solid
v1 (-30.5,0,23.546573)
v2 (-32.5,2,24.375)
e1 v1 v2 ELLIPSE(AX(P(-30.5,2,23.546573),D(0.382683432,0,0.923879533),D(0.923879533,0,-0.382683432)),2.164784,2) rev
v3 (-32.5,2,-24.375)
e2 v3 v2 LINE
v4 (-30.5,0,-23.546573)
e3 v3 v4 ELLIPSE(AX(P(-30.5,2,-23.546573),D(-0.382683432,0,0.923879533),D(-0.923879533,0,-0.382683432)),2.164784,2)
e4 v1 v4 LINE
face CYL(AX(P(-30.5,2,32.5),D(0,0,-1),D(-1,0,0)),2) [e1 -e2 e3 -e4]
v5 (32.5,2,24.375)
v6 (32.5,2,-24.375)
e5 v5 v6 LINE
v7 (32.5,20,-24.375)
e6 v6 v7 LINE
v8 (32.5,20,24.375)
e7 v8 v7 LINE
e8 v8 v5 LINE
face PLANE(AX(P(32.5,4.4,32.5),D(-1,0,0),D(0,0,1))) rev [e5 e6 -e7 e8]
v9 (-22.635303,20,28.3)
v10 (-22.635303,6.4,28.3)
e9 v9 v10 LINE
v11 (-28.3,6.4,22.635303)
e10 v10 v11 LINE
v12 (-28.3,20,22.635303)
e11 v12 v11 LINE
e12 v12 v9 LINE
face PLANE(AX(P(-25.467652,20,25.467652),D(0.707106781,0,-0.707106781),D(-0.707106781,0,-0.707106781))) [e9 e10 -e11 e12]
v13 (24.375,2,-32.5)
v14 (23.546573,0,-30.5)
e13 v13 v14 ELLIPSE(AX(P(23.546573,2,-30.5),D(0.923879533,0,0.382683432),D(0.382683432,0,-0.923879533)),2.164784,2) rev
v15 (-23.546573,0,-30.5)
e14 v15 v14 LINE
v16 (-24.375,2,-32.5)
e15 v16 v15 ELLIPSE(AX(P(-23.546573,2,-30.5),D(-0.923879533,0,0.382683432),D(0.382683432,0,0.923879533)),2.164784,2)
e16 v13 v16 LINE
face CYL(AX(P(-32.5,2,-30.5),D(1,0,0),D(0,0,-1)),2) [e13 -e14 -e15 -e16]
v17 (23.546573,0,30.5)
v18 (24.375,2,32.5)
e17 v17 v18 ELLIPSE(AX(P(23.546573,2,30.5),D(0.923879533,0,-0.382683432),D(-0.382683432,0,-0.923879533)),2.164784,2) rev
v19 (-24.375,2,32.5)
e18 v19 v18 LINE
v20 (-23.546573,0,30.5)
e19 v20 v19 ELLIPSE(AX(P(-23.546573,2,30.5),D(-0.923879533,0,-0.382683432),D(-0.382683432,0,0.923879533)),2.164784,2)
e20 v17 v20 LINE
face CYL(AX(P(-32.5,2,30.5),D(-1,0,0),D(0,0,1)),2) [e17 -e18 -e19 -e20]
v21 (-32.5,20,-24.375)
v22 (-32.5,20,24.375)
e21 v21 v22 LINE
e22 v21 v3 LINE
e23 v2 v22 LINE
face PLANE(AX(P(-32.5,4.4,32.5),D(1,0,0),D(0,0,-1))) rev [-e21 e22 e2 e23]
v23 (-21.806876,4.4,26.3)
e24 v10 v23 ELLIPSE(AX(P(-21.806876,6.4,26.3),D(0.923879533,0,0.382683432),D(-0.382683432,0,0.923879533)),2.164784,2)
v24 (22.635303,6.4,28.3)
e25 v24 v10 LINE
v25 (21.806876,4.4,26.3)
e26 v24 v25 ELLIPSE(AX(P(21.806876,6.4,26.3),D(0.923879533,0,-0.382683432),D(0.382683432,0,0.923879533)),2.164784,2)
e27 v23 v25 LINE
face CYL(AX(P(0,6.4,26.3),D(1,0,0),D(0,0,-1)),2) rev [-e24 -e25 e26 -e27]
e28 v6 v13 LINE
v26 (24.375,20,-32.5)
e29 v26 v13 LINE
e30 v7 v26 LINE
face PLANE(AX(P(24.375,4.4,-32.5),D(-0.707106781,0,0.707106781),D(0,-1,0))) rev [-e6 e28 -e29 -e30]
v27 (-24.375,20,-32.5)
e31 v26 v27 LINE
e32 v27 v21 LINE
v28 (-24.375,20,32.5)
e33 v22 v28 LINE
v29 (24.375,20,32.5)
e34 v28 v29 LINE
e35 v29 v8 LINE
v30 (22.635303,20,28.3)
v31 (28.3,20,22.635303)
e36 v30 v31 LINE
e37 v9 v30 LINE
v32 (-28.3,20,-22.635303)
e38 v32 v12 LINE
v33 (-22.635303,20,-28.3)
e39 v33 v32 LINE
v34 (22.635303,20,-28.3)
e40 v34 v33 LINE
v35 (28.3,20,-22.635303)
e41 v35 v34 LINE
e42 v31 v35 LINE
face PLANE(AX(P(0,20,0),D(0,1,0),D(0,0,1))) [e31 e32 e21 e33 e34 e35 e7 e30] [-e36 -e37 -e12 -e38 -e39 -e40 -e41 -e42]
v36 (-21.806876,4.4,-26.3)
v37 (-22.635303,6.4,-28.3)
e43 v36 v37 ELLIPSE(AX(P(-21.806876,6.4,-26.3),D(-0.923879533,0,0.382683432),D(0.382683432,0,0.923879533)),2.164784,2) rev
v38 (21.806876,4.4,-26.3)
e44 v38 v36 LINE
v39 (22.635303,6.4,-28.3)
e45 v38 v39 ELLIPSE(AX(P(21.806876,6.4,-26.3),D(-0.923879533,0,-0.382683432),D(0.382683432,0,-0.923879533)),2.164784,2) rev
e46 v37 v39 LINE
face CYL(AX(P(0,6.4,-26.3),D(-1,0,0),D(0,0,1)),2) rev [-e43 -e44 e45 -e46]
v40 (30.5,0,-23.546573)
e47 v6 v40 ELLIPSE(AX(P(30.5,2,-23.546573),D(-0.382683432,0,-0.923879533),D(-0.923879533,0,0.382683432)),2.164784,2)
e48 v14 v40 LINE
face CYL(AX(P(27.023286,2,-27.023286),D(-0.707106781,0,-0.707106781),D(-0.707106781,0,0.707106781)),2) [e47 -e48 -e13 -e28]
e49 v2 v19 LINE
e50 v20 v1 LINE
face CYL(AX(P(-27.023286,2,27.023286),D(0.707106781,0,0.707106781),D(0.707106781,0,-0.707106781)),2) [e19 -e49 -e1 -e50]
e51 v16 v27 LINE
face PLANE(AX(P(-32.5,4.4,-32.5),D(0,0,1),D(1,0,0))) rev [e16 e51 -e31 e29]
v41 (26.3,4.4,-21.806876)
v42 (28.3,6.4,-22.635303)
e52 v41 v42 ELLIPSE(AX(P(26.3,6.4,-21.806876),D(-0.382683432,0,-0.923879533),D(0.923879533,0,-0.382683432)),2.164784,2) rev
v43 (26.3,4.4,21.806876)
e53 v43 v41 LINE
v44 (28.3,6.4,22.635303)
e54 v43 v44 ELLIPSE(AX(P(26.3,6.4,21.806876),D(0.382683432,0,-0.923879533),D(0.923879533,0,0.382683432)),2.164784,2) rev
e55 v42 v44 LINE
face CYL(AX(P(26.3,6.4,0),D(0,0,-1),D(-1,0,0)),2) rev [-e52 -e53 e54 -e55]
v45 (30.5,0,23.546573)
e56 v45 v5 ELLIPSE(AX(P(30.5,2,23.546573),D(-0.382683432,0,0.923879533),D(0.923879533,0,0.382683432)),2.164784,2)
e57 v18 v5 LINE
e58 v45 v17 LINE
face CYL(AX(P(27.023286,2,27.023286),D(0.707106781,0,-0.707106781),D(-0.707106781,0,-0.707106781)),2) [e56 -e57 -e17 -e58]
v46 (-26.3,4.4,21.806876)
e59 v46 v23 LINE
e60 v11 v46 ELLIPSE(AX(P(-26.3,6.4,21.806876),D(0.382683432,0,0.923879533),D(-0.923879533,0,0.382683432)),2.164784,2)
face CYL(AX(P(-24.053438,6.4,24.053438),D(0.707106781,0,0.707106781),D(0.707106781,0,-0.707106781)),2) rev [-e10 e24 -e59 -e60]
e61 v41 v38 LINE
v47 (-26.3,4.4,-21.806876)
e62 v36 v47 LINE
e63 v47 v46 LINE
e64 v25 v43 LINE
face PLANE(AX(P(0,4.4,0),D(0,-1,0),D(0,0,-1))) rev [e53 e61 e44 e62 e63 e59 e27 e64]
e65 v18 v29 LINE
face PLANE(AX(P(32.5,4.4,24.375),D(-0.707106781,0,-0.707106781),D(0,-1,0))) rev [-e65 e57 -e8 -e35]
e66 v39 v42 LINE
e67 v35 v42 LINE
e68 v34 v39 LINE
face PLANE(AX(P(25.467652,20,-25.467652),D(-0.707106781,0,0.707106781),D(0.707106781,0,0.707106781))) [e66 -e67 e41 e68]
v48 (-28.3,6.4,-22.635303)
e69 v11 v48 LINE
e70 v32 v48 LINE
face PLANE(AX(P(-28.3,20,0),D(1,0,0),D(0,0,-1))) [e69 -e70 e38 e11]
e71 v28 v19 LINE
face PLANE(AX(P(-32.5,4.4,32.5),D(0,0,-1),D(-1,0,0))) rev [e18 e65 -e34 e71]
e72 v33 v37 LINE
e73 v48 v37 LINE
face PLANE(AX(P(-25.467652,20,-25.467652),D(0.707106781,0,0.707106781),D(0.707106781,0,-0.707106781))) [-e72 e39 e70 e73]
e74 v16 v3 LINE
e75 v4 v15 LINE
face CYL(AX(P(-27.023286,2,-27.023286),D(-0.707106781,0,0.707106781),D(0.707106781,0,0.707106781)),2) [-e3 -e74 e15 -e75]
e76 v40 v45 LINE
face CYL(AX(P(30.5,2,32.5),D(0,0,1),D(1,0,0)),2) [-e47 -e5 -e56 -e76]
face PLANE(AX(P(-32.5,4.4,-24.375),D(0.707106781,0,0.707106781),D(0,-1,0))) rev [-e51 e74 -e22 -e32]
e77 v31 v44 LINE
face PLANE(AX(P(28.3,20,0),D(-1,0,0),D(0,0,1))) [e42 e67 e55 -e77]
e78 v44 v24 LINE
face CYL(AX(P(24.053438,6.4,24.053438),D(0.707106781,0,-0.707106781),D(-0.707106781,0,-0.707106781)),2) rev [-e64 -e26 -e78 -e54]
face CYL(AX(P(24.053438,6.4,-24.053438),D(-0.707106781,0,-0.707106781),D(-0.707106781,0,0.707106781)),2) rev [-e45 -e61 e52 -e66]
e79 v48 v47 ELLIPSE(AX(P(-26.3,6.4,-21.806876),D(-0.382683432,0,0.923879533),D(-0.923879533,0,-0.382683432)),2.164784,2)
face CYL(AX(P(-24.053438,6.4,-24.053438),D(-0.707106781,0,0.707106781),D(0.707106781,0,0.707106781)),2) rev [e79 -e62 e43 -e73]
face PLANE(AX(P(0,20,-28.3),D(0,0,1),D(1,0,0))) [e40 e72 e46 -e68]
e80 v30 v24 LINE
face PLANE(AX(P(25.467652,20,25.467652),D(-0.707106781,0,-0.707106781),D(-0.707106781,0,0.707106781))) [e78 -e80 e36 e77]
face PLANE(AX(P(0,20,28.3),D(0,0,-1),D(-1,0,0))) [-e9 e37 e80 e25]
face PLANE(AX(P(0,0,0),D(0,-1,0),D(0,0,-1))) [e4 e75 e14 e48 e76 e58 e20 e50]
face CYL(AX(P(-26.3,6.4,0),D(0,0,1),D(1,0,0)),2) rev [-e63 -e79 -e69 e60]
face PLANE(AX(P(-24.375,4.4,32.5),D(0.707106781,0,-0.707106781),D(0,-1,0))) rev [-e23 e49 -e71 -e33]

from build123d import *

# Parameters (mm, degrees)
SKETCH1_W      = 65
SKETCH1_H      = 65
EXTRUDE1_DEPTH = 4.4
CHAMFER1_SIZE  = 8.125
EXTRUDE2_DEPTH = 15.6
FILLET1_R      = 2


with BuildPart() as part:
    # Sketch1 → Extrude1 (new body)
    with BuildSketch(Plane(origin=(0, 0, 0), x_dir=(1, 0, 0), z_dir=(0, 1, 0))):
        Rectangle(SKETCH1_W, SKETCH1_H)
    extrude(amount=EXTRUDE1_DEPTH)

    # Chamfer1
    chamfer1_edges = [part.edges().sort_by_distance(p)[0] for p in [
        (32.5, 2.2, 32.5),
        (-32.5, 2.2, 32.5),
        (-32.5, 2.2, -32.5),
        (32.5, 2.2, -32.5),
    ]]
    chamfer(chamfer1_edges, length=CHAMFER1_SIZE)

    # Sketch2 → Extrude2 (add)
    with BuildSketch(Plane(origin=(0, 4.4, 0), x_dir=(1, 0, 0), z_dir=(0, 1, 0))):
        Polygon((32.5, 24.375), (24.375, 32.5), (-24.375, 32.5), (-32.5, 24.375), (-32.5, -24.375), (-24.375, -32.5), (24.375, -32.5), (32.5, -24.375), align=None)
        Polygon((-22.635303038, 28.3), (-28.3, 22.635303038), (-28.3, -22.635303038), (-22.635303038, -28.3), (15.182932057, -28.3), (22.635303038, -28.3), (28.3, -22.635303038), (28.3, 22.635303038), (22.635303038, 28.3), align=None, mode=Mode.SUBTRACT)
    extrude(amount=EXTRUDE2_DEPTH)

    # Fillet1
    fillet1_edges = [part.edges().sort_by_distance(p)[0] for p in [
        (-32.5, 0, 0),
        (32.5, 0, 0),
        (0, 0, 32.5),
        (0, 0, -32.5),
        (-28.4375, 0, 28.4375),
        (28.4375, 0, 28.4375),
        (28.4375, 0, -28.4375),
        (-28.4375, 0, -28.4375),
        (-25.467651519, 4.4, -25.467651519),
        (-28.3, 4.4, 0),
        (-25.467651519, 4.4, 25.467651519),
        (0, 4.4, 28.3),
        (25.467651519, 4.4, 25.467651519),
        (28.3, 4.4, 0),
        (25.467651519, 4.4, -25.467651519),
        (0, 4.4, -28.3),
    ]]
    fillet(fillet1_edges, radius=FILLET1_R)


solid = part.part
